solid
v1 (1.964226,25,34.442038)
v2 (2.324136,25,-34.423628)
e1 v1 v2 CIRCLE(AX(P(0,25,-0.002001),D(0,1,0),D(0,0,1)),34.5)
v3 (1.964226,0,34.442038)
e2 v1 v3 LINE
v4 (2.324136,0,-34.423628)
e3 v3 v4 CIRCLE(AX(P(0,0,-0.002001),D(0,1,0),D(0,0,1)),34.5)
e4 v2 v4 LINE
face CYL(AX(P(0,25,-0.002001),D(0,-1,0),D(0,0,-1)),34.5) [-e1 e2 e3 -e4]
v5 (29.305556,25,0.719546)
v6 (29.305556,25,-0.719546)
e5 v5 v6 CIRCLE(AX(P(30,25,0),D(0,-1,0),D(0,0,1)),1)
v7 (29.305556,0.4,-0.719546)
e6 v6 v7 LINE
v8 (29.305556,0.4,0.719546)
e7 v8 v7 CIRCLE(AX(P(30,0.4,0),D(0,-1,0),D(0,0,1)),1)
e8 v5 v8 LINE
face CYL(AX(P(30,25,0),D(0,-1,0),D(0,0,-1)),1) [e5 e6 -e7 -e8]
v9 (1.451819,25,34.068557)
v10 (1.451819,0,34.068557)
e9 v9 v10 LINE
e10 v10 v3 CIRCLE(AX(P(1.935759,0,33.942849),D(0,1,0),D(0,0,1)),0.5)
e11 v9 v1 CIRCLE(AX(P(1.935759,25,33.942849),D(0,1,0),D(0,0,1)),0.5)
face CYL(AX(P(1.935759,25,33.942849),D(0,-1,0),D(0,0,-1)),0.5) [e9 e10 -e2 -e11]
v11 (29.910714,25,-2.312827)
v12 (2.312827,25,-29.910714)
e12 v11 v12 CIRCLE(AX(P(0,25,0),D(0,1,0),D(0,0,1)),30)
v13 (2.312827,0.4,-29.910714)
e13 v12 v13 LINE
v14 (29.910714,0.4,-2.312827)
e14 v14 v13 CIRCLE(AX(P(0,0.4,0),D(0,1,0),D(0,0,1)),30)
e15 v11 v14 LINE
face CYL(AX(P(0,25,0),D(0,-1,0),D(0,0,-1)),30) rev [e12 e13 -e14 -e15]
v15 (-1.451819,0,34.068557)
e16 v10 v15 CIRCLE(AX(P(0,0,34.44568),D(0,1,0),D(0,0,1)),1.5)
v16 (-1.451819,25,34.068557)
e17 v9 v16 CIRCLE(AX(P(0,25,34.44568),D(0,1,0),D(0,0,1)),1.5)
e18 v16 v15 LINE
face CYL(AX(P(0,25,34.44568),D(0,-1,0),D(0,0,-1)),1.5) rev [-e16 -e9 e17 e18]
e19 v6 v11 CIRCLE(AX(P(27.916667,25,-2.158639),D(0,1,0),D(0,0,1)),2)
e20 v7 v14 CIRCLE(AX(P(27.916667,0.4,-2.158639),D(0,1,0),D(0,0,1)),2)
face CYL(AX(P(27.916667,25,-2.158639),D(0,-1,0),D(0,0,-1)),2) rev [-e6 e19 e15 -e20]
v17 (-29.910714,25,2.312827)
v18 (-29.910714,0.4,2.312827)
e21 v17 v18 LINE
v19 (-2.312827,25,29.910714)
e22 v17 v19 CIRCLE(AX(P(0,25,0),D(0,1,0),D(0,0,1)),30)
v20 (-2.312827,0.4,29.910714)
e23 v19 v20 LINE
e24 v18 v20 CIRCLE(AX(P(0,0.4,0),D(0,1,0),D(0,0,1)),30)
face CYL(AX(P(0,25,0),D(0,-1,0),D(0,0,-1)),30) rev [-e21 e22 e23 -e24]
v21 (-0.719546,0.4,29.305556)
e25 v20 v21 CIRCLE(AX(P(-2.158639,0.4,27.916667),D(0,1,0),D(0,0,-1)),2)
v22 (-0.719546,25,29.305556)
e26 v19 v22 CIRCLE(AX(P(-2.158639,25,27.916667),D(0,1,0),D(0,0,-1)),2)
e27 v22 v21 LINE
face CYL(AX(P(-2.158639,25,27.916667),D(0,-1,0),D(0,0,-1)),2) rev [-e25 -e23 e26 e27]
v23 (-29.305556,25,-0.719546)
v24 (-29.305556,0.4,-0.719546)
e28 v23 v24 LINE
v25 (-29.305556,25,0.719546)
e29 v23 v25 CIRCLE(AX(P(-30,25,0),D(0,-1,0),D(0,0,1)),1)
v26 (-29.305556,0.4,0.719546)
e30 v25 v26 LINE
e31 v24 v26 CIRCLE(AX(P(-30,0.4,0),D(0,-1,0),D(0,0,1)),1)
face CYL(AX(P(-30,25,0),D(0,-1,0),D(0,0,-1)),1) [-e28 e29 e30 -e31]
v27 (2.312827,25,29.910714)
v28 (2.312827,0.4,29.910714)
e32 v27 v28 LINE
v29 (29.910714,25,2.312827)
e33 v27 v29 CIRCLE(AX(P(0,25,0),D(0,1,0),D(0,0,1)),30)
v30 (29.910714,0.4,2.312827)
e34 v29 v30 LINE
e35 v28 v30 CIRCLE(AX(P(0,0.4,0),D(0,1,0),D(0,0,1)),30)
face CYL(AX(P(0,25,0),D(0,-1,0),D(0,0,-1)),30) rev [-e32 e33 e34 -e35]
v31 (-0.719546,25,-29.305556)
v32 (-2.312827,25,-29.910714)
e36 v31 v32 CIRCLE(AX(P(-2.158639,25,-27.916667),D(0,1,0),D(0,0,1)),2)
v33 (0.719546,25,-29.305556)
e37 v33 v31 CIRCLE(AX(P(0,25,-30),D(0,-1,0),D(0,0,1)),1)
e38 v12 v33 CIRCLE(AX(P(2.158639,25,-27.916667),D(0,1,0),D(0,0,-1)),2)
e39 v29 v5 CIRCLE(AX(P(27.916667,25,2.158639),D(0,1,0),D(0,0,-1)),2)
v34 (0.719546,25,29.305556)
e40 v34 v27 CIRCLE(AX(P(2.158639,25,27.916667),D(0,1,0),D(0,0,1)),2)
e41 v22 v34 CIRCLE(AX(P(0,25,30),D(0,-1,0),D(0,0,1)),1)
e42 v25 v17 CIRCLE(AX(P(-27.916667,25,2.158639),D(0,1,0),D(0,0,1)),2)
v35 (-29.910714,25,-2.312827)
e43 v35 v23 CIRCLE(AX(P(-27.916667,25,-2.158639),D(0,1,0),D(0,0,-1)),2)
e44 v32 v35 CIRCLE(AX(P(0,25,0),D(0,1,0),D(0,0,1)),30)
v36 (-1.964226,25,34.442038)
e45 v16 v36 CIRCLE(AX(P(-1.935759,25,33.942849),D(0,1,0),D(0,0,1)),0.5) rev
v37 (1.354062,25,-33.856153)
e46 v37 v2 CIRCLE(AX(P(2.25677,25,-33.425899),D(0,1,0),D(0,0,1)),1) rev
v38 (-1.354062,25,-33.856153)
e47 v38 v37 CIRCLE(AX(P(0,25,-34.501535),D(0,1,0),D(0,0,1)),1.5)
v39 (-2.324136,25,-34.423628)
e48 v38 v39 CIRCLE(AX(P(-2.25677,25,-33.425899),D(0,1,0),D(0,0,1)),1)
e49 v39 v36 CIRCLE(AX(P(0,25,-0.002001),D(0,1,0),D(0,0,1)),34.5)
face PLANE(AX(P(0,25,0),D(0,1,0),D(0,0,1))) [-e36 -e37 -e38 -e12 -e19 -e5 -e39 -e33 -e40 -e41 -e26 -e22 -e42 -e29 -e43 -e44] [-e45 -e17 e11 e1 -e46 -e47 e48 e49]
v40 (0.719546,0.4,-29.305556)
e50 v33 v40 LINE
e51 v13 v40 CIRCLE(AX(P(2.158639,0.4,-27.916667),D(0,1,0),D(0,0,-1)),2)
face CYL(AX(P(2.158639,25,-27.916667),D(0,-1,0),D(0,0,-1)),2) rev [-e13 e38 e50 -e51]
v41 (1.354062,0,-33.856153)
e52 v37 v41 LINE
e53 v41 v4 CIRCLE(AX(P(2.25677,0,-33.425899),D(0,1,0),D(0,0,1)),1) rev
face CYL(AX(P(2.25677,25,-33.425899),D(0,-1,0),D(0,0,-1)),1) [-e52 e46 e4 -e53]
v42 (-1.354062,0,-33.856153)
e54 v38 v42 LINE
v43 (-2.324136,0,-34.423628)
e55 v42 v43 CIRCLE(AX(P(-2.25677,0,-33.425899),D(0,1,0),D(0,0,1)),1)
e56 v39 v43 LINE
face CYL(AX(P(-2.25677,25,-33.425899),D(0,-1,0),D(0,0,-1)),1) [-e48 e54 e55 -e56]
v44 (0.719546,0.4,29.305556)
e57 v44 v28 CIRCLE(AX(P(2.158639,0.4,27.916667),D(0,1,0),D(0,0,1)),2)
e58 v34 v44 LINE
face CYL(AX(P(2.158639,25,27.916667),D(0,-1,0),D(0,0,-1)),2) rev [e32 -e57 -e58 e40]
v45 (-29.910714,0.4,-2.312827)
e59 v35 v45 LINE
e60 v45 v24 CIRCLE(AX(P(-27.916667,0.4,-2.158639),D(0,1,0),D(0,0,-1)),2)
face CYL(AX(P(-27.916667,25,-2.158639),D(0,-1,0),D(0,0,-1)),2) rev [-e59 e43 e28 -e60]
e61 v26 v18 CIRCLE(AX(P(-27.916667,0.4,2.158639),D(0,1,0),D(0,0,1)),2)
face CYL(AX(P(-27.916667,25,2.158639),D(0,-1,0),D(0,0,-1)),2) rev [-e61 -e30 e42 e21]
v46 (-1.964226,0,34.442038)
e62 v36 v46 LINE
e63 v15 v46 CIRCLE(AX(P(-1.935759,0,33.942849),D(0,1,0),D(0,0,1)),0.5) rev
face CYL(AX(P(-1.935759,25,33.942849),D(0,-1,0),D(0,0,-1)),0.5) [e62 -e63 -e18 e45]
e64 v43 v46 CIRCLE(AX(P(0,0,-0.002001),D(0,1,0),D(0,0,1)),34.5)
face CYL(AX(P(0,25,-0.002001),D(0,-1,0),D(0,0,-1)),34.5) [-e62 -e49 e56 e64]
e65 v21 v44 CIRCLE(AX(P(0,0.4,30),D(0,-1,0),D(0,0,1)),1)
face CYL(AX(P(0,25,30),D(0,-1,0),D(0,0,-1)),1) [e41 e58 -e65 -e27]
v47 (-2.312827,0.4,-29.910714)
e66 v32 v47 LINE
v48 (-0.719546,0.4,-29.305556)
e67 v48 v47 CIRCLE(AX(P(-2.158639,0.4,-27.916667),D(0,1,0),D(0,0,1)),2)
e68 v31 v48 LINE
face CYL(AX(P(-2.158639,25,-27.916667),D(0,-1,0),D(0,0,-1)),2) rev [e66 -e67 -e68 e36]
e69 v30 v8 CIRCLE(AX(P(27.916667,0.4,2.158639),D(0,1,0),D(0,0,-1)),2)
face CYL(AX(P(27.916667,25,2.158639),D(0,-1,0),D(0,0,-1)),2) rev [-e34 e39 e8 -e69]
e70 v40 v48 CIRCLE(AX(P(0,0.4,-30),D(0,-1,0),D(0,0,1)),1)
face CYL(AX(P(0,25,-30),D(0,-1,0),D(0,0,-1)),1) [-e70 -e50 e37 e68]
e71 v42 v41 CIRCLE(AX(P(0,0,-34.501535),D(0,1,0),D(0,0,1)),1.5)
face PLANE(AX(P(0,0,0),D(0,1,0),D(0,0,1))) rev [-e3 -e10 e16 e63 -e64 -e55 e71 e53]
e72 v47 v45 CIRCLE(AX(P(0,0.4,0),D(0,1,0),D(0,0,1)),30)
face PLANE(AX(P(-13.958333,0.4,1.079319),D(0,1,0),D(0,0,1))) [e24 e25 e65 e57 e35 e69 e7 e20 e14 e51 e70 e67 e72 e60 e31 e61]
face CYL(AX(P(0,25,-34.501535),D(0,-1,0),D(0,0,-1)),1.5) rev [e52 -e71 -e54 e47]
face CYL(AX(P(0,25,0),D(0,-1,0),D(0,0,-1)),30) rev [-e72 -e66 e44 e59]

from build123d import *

# Parameters (mm, degrees)
BOSS_EXTRUDE1_DEPTH = 25
CUT_EXTRUDE2_DEPTH  = 26
BOSS_EXTRUDE2_DEPTH = 0.4


with BuildPart() as part:
    # Sketch1 → Boss-Extrude1 (new body)
    with BuildSketch(Plane(origin=(0, 0, 0), x_dir=(1, 0, 0), z_dir=(0, 1, 0))):
        with BuildLine():
            ThreePointArc((1.451818925, -34.068556857), (1.641248992, -34.346908706), (1.964225605, -34.442038138))
            ThreePointArc((1.964225605, -34.442038138), (26.591847487, -21.978073076), (34.198225299, 4.555174015))
            ThreePointArc((34.198225299, 4.555174015), (23.590291339, 25.176355888), (2.324135821, 34.423627607))
            ThreePointArc((2.324135821, 34.423627607), (1.751838249, 34.289058819), (1.354061739, 33.856153382))
            ThreePointArc((1.354061739, 33.856153382), (0, 33.001534515), (-1.354061739, 33.856153382))
            ThreePointArc((-1.354061739, 33.856153382), (-1.751838249, 34.289058819), (-2.324135821, 34.423627607))
            ThreePointArc((-2.324135821, 34.423627607), (-23.590291339, 25.176355888), (-34.198225299, 4.555174015))
            ThreePointArc((-34.198225299, 4.555174015), (-26.591847487, -21.978073076), (-1.964225605, -34.442038138))
            ThreePointArc((-1.964225605, -34.442038138), (-1.641248992, -34.346908706), (-1.451818925, -34.068556857))
            ThreePointArc((-1.451818925, -34.068556857), (0, -32.945679925), (1.451818925, -34.068556857))
        make_face()
        with BuildLine():
            Line((-2.417, 3.787737139), (0, 3.787737139))
            Line((0, 3.787737139), (2.417, 3.787737139))
            ThreePointArc((2.417, 3.787737139), (0, -4.489512172), (-2.417, 3.787737139))
        make_face(mode=Mode.SUBTRACT)
    extrude(amount=BOSS_EXTRUDE1_DEPTH)

    # Sketch2 → Cut-Extrude2 (cut, through all)
    with BuildSketch(Plane(origin=(0, 0, 0), x_dir=(1, 0, 0), z_dir=(0, 1, 0))):
        with BuildLine():
            ThreePointArc((-29.910714286, -2.312827473), (-21.213203436, -21.213203436), (-2.312827473, -29.910714286))
            ThreePointArc((-2.312827473, -29.910714286), (-1.448498888, -29.786346067), (-0.719546325, -29.305555556))
            ThreePointArc((-0.719546325, -29.305555556), (0, -29), (0.719546325, -29.305555556))
            ThreePointArc((0.719546325, -29.305555556), (1.448498888, -29.786346067), (2.312827473, -29.910714286))
            ThreePointArc((2.312827473, -29.910714286), (21.213203436, -21.213203436), (29.910714286, -2.312827473))
            ThreePointArc((29.910714286, -2.312827473), (29.786346067, -1.448498888), (29.305555556, -0.719546325))
            ThreePointArc((29.305555556, -0.719546325), (29, 0), (29.305555556, 0.719546325))
            ThreePointArc((29.305555556, 0.719546325), (29.786346067, 1.448498888), (29.910714286, 2.312827473))
            ThreePointArc((29.910714286, 2.312827473), (21.213203436, 21.213203436), (2.312827473, 29.910714286))
            ThreePointArc((2.312827473, 29.910714286), (1.448498888, 29.786346067), (0.719546325, 29.305555556))
            ThreePointArc((0.719546325, 29.305555556), (0, 29), (-0.719546325, 29.305555556))
            ThreePointArc((-0.719546325, 29.305555556), (-1.448498888, 29.786346067), (-2.312827473, 29.910714286))
            ThreePointArc((-2.312827473, 29.910714286), (-21.213203436, 21.213203436), (-29.910714286, 2.312827473))
            ThreePointArc((-29.910714286, 2.312827473), (-29.786346067, 1.448498888), (-29.305555556, 0.719546325))
            ThreePointArc((-29.305555556, 0.719546325), (-29, 0), (-29.305555556, -0.719546325))
            ThreePointArc((-29.305555556, -0.719546325), (-29.786346067, -1.448498888), (-29.910714286, -2.312827473))
        make_face()
    extrude(amount=CUT_EXTRUDE2_DEPTH, mode=Mode.SUBTRACT)

    # Sketch2<2> → Boss-Extrude2 (add)
    with BuildSketch(Plane(origin=(0, 0, 0), x_dir=(1, 0, 0), z_dir=(0, 1, 0))):
        with BuildLine():
            ThreePointArc((-29.910714286, -2.312827473), (-21.213203436, -21.213203436), (-2.312827473, -29.910714286))
            ThreePointArc((-2.312827473, -29.910714286), (-1.448498888, -29.786346067), (-0.719546325, -29.305555556))
            ThreePointArc((-0.719546325, -29.305555556), (0, -29), (0.719546325, -29.305555556))
            ThreePointArc((0.719546325, -29.305555556), (1.448498888, -29.786346067), (2.312827473, -29.910714286))
            ThreePointArc((2.312827473, -29.910714286), (21.213203436, -21.213203436), (29.910714286, -2.312827473))
            ThreePointArc((29.910714286, -2.312827473), (29.786346067, -1.448498888), (29.305555556, -0.719546325))
            ThreePointArc((29.305555556, -0.719546325), (29, 0), (29.305555556, 0.719546325))
            ThreePointArc((29.305555556, 0.719546325), (29.786346067, 1.448498888), (29.910714286, 2.312827473))
            ThreePointArc((29.910714286, 2.312827473), (21.213203436, 21.213203436), (2.312827473, 29.910714286))
            ThreePointArc((2.312827473, 29.910714286), (1.448498888, 29.786346067), (0.719546325, 29.305555556))
            ThreePointArc((0.719546325, 29.305555556), (0, 29), (-0.719546325, 29.305555556))
            ThreePointArc((-0.719546325, 29.305555556), (-1.448498888, 29.786346067), (-2.312827473, 29.910714286))
            ThreePointArc((-2.312827473, 29.910714286), (-21.213203436, 21.213203436), (-29.910714286, 2.312827473))
            ThreePointArc((-29.910714286, 2.312827473), (-29.786346067, 1.448498888), (-29.305555556, 0.719546325))
            ThreePointArc((-29.305555556, 0.719546325), (-29, 0), (-29.305555556, -0.719546325))
            ThreePointArc((-29.305555556, -0.719546325), (-29.786346067, -1.448498888), (-29.910714286, -2.312827473))
        make_face()
    extrude(amount=BOSS_EXTRUDE2_DEPTH)


solid = part.part
